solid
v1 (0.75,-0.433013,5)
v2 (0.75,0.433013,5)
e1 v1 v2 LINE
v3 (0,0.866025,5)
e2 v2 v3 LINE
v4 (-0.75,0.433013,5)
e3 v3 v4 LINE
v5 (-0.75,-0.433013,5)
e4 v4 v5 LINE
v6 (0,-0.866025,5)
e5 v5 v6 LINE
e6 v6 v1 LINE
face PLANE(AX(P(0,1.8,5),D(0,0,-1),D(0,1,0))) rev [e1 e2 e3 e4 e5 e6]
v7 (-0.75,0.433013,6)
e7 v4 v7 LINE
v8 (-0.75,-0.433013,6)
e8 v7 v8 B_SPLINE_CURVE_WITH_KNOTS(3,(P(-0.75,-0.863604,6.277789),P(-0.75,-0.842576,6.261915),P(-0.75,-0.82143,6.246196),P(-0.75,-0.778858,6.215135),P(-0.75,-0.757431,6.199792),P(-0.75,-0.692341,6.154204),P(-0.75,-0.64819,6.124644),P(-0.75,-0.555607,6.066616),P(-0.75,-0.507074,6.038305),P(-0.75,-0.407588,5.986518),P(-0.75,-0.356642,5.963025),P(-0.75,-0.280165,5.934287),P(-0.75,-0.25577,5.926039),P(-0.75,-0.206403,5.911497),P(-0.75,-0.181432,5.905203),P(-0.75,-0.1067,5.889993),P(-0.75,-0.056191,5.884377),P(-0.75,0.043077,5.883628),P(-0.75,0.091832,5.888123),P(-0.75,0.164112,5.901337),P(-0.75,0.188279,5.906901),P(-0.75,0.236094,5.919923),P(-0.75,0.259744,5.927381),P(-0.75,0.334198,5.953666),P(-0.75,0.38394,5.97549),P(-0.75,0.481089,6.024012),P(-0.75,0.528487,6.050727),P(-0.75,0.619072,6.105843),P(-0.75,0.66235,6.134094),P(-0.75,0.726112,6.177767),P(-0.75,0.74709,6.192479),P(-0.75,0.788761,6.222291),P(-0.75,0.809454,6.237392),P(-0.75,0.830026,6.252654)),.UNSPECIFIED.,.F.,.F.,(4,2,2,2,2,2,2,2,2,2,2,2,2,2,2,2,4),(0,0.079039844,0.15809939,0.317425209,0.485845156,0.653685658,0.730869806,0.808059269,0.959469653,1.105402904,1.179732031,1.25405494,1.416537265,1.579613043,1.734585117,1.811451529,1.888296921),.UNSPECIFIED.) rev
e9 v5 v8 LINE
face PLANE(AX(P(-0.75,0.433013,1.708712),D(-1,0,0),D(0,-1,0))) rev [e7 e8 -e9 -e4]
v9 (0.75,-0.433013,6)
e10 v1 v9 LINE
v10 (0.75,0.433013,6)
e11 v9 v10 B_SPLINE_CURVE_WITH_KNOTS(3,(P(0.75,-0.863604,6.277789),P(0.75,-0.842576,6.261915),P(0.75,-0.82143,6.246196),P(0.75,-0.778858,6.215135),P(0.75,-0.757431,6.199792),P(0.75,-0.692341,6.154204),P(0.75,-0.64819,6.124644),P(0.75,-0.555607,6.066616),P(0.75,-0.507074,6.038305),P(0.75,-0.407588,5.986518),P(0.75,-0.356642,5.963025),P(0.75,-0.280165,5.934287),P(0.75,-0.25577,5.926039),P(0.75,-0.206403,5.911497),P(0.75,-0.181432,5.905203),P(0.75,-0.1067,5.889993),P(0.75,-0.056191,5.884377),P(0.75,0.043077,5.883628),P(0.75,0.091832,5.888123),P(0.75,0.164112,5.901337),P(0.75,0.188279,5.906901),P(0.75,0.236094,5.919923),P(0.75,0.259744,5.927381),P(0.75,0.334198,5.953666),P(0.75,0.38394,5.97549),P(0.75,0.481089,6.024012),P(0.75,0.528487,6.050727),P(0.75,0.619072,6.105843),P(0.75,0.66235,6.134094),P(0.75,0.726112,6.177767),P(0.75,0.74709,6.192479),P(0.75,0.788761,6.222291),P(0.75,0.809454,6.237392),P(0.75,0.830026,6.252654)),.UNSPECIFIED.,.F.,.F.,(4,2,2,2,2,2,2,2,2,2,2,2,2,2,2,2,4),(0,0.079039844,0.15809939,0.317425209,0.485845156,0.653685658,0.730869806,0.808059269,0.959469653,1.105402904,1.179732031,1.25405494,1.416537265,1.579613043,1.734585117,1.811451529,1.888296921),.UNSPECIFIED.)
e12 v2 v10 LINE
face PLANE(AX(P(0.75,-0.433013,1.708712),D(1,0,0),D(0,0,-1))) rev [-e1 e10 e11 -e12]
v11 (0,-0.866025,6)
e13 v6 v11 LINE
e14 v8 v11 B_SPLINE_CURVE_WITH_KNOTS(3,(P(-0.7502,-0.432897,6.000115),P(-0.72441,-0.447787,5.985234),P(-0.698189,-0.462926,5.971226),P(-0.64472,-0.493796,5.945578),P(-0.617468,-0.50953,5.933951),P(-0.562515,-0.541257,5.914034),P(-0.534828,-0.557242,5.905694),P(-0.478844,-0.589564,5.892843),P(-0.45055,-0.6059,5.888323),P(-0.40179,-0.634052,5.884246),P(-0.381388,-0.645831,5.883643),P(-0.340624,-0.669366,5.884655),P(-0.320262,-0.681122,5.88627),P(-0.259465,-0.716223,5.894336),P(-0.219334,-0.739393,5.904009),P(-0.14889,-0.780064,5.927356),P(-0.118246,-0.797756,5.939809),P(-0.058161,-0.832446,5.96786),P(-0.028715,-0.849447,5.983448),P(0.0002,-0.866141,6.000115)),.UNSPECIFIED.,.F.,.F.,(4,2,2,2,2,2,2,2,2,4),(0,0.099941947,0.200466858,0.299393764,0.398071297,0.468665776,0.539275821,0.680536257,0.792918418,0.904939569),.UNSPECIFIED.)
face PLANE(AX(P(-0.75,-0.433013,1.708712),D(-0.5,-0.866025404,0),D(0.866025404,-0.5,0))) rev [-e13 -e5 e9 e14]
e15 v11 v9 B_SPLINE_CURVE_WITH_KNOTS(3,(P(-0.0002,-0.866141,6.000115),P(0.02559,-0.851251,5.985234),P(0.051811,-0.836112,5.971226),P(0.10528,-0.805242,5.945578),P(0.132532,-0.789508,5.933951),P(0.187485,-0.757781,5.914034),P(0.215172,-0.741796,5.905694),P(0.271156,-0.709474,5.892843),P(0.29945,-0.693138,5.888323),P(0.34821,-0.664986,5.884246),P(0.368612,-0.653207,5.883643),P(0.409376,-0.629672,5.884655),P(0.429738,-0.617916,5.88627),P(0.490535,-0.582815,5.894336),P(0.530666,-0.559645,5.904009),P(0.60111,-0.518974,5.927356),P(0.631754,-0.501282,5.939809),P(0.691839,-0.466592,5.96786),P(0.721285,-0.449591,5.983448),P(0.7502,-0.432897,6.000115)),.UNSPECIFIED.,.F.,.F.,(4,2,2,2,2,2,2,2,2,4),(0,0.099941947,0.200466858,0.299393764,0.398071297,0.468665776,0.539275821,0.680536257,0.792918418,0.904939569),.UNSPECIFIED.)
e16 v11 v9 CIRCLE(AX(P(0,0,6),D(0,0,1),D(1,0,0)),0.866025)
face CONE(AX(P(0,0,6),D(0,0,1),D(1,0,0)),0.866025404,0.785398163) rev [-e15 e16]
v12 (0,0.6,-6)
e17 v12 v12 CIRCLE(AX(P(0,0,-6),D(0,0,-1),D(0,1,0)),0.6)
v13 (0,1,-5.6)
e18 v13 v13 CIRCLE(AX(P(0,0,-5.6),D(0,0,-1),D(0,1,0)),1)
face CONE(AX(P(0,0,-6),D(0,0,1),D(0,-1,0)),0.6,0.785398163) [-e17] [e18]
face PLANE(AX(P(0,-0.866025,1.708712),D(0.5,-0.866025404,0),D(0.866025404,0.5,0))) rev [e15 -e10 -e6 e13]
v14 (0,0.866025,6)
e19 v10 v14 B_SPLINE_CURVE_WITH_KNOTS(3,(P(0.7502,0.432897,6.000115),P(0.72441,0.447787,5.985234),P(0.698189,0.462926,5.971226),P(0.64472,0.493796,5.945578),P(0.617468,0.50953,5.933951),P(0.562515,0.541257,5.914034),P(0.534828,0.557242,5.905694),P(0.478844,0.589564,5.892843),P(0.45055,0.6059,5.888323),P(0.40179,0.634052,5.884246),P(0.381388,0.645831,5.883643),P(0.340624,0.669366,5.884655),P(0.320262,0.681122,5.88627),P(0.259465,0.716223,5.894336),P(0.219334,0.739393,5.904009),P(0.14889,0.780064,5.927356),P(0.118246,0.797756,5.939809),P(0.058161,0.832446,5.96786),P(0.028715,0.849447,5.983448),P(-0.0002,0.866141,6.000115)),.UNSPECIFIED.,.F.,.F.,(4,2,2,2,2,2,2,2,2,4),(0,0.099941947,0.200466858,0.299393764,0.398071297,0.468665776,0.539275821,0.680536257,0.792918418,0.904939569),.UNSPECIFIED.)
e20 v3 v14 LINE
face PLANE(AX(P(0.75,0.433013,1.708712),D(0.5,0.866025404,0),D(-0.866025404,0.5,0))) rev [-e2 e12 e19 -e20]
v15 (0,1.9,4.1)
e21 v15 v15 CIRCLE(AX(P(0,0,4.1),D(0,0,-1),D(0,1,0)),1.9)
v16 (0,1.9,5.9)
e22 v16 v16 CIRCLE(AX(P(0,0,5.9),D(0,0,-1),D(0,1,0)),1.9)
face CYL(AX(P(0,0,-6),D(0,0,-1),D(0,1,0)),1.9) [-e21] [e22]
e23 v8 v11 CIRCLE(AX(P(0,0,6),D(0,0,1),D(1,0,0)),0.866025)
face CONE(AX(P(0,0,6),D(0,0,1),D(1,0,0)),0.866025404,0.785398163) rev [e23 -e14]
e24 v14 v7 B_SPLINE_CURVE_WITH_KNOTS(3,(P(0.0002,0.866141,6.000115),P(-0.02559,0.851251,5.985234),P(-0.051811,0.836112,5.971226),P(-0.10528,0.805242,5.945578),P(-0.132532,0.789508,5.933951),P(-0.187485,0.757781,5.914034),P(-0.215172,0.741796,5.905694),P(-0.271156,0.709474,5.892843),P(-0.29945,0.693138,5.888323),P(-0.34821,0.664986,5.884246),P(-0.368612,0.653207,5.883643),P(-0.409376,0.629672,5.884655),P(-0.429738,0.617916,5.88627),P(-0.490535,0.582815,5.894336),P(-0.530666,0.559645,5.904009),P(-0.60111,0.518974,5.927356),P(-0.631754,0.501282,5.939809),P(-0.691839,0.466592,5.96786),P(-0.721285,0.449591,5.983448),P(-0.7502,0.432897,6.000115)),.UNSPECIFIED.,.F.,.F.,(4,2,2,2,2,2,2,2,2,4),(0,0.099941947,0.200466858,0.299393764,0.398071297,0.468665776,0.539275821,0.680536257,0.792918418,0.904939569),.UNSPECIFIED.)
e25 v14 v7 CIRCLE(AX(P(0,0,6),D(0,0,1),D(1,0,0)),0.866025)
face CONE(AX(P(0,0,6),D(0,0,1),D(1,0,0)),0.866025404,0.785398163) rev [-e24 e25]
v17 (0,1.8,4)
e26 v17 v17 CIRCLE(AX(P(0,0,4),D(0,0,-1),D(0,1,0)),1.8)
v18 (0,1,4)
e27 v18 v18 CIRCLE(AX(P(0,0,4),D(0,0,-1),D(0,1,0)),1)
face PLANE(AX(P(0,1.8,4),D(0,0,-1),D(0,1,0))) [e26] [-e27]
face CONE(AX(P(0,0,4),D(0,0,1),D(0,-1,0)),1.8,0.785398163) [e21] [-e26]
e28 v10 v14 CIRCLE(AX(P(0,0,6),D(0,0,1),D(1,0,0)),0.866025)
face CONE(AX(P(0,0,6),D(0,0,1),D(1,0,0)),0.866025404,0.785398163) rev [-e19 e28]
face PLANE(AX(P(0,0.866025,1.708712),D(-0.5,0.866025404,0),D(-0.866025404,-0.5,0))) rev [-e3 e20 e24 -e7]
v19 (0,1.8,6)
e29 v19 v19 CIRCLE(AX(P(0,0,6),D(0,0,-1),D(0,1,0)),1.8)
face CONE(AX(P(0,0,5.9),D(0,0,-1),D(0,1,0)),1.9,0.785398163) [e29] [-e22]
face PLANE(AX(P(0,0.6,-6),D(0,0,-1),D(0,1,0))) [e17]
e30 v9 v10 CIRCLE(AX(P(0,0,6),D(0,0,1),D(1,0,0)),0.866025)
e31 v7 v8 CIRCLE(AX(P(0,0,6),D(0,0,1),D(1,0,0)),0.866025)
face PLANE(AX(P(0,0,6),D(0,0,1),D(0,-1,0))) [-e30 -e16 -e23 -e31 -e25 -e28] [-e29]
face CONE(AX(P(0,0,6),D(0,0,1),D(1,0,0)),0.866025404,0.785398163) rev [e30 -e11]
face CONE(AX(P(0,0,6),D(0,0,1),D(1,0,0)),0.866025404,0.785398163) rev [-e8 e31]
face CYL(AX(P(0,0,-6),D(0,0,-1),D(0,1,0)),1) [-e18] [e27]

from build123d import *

# Parameters (mm, degrees)
CUT_EXTRUDE1_DEPTH = 1
SKETCH4_R          = 0.866025404
CUT_EXTRUDE2_DEPTH = 1
CUT_EXTRUDE2_DRAFT = -45


with BuildPart() as part:
    # Sketch2 → Revolve1 (revolve)
    with BuildSketch(Plane(origin=(0, 0, 0), x_dir=(0, 0, -1), z_dir=(1, 0, 0))):
        Polygon((-6, 0), (-6, 1.8), (-5.9, 1.9), (-4.1, 1.9), (-4, 1.8), (-4, 1), (5.6, 1), (6, 0.6), (6, 0), align=None)
    revolve(axis=Axis((0, 0, -6), (0, 0, 1)))

    # Sketch3 → Cut-Extrude1 (cut)
    with BuildSketch(Plane.XY.offset(6)):
        Polygon((0.75, -0.433012702), (0.75, 0.433012702), (0, 0.866025404), (-0.75, 0.433012702), (-0.75, -0.433012702), (0, -0.866025404), align=None)
    extrude(amount=-CUT_EXTRUDE1_DEPTH, mode=Mode.SUBTRACT)


with BuildPart() as cut_extrude2_tool:
    # Sketch4 → Cut-Extrude2 (with draft: the straight prism first)
    with BuildSketch(Plane.XY.offset(6)):
        Circle(SKETCH4_R)
    extrude(amount=-CUT_EXTRUDE2_DEPTH)
    # Cut-Extrude2: the draft: its side faces are tilted about the plane it starts from
    cut_extrude2_sides = [cut_extrude2_tool.faces().sort_by_distance(p)[0] for p in [
        (-0.866025404, 0, 5.5),
    ]]
    draft(cut_extrude2_sides, Plane.XY.offset(6), CUT_EXTRUDE2_DRAFT)


with BuildPart() as part_1:
    add(part.part)

    # Cut-Extrude2: cut by cut_extrude2_tool
    add(cut_extrude2_tool.part, mode=Mode.SUBTRACT)


solid = part_1.part
